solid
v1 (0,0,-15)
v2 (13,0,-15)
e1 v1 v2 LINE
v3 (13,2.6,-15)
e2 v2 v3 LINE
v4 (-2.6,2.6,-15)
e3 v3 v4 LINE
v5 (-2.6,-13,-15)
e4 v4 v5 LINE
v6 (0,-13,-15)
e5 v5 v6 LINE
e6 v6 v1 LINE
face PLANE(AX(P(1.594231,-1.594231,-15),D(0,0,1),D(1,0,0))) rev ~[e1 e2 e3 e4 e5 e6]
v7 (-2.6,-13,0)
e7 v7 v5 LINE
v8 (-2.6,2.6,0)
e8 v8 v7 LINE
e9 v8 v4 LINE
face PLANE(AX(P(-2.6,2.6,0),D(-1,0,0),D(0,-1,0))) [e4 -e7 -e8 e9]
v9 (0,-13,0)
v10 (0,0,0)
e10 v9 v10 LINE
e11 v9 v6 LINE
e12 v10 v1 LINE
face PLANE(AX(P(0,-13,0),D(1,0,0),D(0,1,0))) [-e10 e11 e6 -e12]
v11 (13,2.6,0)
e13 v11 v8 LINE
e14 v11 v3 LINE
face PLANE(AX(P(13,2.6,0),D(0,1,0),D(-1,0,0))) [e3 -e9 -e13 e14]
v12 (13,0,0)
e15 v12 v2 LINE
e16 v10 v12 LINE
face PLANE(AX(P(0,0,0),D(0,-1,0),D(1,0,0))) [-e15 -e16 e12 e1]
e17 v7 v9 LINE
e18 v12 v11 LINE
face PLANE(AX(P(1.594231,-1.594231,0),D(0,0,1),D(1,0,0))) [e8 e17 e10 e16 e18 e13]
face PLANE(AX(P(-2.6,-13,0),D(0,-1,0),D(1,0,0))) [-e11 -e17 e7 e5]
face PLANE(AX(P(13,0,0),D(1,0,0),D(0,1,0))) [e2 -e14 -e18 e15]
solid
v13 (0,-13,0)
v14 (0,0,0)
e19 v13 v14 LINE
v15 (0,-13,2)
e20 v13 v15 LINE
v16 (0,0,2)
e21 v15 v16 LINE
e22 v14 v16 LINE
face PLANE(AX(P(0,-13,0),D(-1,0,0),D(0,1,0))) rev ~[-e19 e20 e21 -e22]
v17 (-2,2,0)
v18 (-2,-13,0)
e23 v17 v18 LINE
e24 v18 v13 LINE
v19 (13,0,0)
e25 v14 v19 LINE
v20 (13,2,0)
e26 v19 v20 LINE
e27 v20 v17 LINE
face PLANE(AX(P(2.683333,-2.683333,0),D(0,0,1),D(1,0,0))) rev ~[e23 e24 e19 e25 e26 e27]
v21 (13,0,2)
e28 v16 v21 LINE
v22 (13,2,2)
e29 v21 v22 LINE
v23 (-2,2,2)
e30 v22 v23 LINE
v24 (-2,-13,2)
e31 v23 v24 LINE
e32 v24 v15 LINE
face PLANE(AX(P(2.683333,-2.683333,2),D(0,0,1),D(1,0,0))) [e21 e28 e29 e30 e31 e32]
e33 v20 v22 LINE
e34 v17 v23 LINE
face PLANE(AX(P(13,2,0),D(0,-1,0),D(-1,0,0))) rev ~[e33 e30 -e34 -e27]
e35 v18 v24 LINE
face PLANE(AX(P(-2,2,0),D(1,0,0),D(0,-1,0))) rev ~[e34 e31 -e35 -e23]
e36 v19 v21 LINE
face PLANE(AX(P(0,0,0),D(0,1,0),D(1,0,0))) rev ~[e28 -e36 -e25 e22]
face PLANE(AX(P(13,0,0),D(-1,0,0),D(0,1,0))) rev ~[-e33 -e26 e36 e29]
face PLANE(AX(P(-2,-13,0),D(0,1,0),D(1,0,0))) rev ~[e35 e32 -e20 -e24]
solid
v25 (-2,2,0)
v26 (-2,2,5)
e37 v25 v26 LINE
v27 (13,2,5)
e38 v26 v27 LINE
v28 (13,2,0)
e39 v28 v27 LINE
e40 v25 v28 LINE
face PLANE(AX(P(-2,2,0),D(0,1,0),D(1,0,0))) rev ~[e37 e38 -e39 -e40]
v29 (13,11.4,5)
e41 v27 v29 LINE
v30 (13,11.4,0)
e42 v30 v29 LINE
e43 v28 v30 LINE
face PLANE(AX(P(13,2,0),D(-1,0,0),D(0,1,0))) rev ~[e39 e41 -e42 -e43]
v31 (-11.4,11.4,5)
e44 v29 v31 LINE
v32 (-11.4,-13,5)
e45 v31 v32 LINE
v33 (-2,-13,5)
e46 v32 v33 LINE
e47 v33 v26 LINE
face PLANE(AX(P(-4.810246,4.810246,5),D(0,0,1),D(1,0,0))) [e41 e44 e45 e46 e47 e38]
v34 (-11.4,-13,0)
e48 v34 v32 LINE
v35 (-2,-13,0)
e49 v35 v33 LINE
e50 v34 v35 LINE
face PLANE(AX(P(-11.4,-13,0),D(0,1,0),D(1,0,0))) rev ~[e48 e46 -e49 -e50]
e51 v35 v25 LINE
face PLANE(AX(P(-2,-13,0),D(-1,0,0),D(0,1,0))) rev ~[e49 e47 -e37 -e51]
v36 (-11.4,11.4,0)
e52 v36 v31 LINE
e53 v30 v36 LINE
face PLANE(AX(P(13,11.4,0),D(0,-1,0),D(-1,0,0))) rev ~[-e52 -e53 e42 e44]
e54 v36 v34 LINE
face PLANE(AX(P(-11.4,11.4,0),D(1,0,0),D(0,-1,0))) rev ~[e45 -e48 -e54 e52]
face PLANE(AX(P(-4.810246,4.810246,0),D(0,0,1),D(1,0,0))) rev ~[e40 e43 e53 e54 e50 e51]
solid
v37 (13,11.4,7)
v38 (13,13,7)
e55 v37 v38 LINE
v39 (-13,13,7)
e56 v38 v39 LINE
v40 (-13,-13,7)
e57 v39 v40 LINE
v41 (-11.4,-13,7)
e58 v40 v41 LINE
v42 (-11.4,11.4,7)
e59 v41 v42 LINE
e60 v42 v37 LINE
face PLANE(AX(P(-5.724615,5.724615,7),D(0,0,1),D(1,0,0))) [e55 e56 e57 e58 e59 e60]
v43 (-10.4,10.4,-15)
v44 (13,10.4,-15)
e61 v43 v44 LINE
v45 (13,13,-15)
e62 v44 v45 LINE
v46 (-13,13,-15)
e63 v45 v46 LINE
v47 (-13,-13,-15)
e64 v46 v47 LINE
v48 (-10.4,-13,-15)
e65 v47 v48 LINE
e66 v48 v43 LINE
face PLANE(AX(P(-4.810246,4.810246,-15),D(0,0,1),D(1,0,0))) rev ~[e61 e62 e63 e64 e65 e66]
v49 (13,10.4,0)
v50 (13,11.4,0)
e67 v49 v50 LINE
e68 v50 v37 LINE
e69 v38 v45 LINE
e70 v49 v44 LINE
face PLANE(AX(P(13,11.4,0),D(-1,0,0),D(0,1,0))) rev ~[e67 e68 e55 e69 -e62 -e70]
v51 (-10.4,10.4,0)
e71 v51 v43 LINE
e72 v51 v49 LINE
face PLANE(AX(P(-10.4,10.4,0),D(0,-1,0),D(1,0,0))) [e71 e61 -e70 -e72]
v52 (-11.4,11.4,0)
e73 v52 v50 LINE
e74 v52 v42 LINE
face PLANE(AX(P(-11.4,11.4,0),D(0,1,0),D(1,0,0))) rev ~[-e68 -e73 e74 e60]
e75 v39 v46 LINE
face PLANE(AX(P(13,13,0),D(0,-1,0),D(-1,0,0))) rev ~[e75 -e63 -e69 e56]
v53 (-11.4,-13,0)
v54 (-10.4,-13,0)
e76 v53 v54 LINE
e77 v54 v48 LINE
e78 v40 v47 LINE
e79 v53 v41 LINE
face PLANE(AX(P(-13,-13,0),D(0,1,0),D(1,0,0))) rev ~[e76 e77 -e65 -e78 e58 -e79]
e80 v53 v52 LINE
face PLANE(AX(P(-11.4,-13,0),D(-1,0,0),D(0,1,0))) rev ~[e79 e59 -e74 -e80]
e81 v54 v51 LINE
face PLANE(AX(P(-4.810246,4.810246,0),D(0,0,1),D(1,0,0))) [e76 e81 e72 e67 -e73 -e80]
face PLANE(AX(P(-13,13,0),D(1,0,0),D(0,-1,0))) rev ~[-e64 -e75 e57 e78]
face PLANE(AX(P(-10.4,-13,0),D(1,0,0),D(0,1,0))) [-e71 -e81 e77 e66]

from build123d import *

# Parameters (mm, degrees)
F1_DEPTH = 15
F2_DEPTH = 7
F3_DEPTH = 5
F4_DEPTH = 2


with BuildPart() as f1:
    # F0 (on Top) → F1 (new body)
    with BuildSketch(Plane.XY):
        Polygon((-11.4, -13), (-10.4, -13), (-10.4, 0), (-10.4, 10.4), (0, 10.4), (13, 10.4), (13, 11.4), (0, 11.4), (-11.4, 11.4), (-11.4, 0), align=None)
        Polygon((-13, -13), (-11.4, -13), (-11.4, 0), (-11.4, 11.4), (0, 11.4), (13, 11.4), (13, 13), (0, 13), (-13, 13), (-13, 0), align=None)
        Polygon((-2.6, -13), (-2, -13), (-2, 2), (13, 2), (13, 2.6), (-2.6, 2.6), align=None)
        Polygon((-2, -13), (0, -13), (0, 0), (13, 0), (13, 2), (-2, 2), align=None)
    extrude(amount=-F1_DEPTH)

    # F0 (on Top) → F2 (join)
    with BuildSketch(Plane.XY):
        Polygon((-13, -13), (-11.4, -13), (-11.4, 0), (-11.4, 11.4), (0, 11.4), (13, 11.4), (13, 13), (0, 13), (-13, 13), (-13, 0), align=None)
    extrude(amount=F2_DEPTH)


with BuildPart() as f3:
    # F0 (on Top) → F3 (new body)
    with BuildSketch(Plane.XY):
        Polygon((-11.4, -13), (-10.4, -13), (-10.4, 0), (-10.4, 10.4), (0, 10.4), (13, 10.4), (13, 11.4), (0, 11.4), (-11.4, 11.4), (-11.4, 0), align=None)
        Polygon((-10.4, -13), (-2.6, -13), (-2.6, 2.6), (13, 2.6), (13, 10.4), (0, 10.4), (-10.4, 10.4), (-10.4, 0), align=None)
        Polygon((-2.6, -13), (-2, -13), (-2, 2), (13, 2), (13, 2.6), (-2.6, 2.6), align=None)
    extrude(amount=F3_DEPTH)


with BuildPart() as f4:
    # F0 (on Top) → F4 (new body)
    with BuildSketch(Plane.XY):
        Polygon((-2, -13), (0, -13), (0, 0), (13, 0), (13, 2), (-2, 2), align=None)
    extrude(amount=F4_DEPTH)


solid = Compound([f1.part, f3.part, f4.part])
